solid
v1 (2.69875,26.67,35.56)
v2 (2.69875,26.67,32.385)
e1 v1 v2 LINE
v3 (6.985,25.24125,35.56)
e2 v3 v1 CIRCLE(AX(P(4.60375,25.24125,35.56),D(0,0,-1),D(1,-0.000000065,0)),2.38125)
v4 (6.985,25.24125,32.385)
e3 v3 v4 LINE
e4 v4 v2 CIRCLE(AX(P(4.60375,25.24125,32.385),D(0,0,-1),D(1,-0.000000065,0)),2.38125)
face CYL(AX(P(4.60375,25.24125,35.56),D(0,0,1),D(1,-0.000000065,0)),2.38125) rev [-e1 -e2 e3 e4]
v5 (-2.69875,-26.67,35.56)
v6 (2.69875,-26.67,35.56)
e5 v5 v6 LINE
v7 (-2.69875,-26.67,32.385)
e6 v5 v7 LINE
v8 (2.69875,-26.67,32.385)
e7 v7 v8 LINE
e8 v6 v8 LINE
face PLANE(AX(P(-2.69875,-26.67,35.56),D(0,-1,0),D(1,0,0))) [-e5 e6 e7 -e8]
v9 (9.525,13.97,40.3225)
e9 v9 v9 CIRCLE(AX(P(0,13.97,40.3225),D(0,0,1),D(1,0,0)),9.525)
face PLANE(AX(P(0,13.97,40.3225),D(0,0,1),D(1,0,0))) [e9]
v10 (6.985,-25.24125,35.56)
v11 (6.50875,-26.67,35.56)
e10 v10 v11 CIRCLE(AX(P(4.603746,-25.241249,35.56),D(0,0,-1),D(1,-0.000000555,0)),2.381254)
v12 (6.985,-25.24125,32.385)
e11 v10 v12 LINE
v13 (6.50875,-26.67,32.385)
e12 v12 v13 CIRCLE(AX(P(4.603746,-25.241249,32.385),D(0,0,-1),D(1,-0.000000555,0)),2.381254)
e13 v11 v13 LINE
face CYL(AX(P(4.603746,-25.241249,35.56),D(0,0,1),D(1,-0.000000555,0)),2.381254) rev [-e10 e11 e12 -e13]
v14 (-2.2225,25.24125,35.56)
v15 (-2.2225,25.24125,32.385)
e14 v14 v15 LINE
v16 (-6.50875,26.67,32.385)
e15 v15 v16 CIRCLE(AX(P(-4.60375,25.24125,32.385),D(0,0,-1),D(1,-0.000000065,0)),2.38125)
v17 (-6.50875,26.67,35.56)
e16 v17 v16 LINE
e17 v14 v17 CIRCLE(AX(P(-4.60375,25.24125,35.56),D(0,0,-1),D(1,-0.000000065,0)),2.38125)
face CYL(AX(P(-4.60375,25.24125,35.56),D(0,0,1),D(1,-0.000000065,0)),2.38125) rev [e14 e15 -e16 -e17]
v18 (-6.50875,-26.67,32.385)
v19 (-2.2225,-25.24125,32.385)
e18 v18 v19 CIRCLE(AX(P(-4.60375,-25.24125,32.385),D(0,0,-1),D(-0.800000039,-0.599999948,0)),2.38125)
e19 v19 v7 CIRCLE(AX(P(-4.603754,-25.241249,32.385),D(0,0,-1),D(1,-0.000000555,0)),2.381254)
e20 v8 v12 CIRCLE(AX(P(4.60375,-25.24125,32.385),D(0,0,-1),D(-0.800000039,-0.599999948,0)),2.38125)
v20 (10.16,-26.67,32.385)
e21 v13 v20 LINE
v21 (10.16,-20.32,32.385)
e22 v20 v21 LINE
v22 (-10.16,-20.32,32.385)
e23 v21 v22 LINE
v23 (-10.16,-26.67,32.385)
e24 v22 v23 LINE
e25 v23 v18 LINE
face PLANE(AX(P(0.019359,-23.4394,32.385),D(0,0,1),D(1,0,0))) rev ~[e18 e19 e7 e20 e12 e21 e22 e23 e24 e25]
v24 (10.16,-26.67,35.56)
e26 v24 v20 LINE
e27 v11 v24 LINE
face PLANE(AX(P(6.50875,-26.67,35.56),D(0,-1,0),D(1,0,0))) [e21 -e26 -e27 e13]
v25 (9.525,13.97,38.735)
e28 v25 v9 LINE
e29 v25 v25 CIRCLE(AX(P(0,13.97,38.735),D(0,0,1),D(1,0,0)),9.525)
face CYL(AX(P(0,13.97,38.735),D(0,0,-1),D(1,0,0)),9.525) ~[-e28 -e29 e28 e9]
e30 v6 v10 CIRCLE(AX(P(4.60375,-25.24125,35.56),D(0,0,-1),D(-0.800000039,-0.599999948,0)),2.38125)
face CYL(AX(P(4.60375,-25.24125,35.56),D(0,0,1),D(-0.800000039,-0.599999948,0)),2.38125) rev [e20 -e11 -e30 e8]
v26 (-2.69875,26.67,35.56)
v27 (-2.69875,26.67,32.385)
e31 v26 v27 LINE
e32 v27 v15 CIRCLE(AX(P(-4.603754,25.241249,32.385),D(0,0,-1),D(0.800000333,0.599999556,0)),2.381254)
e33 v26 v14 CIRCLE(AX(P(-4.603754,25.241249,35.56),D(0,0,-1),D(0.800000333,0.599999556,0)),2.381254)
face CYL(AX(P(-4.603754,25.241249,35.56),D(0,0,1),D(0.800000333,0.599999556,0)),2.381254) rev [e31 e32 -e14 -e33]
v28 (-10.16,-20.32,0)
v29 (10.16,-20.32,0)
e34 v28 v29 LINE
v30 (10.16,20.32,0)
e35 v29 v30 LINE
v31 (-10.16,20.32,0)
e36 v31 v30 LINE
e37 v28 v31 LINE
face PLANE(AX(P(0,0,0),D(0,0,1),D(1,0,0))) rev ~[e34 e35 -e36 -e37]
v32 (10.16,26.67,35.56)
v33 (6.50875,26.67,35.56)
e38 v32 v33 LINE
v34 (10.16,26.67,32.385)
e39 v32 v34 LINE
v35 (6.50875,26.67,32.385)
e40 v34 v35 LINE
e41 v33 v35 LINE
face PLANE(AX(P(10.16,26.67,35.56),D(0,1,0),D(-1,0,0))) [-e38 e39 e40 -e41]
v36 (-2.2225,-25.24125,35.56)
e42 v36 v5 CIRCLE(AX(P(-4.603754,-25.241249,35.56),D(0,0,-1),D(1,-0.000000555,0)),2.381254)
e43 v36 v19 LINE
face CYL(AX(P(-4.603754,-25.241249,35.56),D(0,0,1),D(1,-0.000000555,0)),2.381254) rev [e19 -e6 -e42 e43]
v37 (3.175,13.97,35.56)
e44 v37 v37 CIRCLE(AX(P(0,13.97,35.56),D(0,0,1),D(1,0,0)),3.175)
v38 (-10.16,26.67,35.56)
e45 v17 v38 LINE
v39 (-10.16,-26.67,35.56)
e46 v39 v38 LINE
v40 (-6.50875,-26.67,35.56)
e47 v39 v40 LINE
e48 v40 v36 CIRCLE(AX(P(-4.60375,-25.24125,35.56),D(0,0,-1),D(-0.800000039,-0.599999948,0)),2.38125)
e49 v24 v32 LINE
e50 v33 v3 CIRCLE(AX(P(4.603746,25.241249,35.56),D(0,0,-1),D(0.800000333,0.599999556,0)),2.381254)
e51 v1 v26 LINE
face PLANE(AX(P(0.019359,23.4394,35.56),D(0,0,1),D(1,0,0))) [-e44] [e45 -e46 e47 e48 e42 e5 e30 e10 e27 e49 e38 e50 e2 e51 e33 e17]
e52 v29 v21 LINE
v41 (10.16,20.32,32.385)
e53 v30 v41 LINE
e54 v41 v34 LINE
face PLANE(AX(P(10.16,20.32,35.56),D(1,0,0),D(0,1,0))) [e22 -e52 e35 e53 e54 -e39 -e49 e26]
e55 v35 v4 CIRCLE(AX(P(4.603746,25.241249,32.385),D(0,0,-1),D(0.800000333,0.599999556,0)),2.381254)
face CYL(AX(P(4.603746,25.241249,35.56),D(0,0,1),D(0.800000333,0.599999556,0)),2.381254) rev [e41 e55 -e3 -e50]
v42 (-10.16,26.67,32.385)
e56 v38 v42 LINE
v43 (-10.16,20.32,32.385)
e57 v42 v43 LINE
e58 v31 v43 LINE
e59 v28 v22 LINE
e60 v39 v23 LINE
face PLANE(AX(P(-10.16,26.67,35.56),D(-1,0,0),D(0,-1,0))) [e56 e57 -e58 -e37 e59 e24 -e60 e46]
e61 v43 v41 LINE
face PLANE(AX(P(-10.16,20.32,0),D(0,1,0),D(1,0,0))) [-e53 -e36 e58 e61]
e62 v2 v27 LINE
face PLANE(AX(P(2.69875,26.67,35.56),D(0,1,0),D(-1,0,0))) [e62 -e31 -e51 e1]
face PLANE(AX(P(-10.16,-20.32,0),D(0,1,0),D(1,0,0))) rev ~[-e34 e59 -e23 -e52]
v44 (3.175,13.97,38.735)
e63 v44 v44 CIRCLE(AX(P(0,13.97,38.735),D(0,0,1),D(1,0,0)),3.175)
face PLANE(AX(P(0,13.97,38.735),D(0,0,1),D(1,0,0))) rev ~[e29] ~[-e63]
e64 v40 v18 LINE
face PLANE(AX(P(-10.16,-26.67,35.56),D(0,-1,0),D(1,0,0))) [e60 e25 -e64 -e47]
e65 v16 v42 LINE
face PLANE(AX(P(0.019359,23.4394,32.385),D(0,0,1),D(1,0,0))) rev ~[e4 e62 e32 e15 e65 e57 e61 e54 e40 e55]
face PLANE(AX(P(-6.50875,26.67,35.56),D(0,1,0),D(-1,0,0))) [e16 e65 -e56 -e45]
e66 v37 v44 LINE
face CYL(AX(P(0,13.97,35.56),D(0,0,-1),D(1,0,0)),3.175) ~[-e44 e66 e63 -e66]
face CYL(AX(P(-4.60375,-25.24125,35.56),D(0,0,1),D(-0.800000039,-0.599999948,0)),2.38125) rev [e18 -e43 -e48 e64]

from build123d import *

# Parameters (mm, degrees)
F0_W     = 20.32
F0_H     = 40.64
F1_DEPTH = 35.56
F3_DEPTH = 3.175
F4_R     = 3.175
F5_DEPTH = 3.175
F6_R     = 9.525
F7_DEPTH = 1.5875


with BuildPart() as f1:
    # F0 (on Top) → F1 (new body)
    with BuildSketch(Plane.XY):
        Rectangle(F0_W, F0_H)
    extrude(amount=F1_DEPTH)

    # F2 (on face) → F3 (join)
    with BuildSketch(Plane.XY.offset(35.56)):
        with BuildLine():
            Line((-10.16, 26.67), (-10.16, 20.32))
            Line((-10.16, 20.32), (10.16, 20.32))
            Line((10.16, 20.32), (10.16, 26.67))
            Line((10.16, 26.67), (6.50875, 26.67))
            ThreePointArc((6.50875, 26.67), (6.862802, 25.994267), (6.985, 25.24125))
            ThreePointArc((6.985, 25.24125), (3.850733, 22.982198), (2.69875, 26.67))
            Line((2.69875, 26.67), (-2.69875, 26.67))
            ThreePointArc((-2.69875, 26.67), (-2.344698, 25.994267), (-2.2225, 25.24125))
            ThreePointArc((-2.2225, 25.24125), (-5.356767, 22.982198), (-6.50875, 26.67))
            Line((-6.50875, 26.67), (-10.16, 26.67))
        make_face()
        with BuildLine():
            Line((10.16, -20.32), (-10.16, -20.32))
            Line((-10.16, -20.32), (-10.16, -26.67))
            Line((-10.16, -26.67), (-6.50875, -26.67))
            ThreePointArc((-6.50875, -26.67), (-5.356767, -22.982198), (-2.2225, -25.24125))
            ThreePointArc((-2.2225, -25.24125), (-2.344698, -25.994267), (-2.69875, -26.67))
            Line((-2.69875, -26.67), (2.69875, -26.67))
            ThreePointArc((2.69875, -26.67), (3.850733, -22.982198), (6.985, -25.24125))
            ThreePointArc((6.985, -25.24125), (6.862802, -25.994267), (6.50875, -26.67))
            Line((6.50875, -26.67), (10.16, -26.67))
            Line((10.16, -26.67), (10.16, -20.32))
        make_face()
    extrude(amount=-F3_DEPTH)

    # F4 (on face) → F5 (join)
    with BuildSketch(Plane.XY.offset(35.56)):
        with Locations((0, 13.97)):
            Circle(F4_R)
    extrude(amount=F5_DEPTH)

    # F6 (on face) → F7 (join)
    with BuildSketch(Plane.XY.offset(38.735)):
        with Locations((0, 13.97)):
            Circle(F6_R)
    extrude(amount=F7_DEPTH)


solid = f1.part
